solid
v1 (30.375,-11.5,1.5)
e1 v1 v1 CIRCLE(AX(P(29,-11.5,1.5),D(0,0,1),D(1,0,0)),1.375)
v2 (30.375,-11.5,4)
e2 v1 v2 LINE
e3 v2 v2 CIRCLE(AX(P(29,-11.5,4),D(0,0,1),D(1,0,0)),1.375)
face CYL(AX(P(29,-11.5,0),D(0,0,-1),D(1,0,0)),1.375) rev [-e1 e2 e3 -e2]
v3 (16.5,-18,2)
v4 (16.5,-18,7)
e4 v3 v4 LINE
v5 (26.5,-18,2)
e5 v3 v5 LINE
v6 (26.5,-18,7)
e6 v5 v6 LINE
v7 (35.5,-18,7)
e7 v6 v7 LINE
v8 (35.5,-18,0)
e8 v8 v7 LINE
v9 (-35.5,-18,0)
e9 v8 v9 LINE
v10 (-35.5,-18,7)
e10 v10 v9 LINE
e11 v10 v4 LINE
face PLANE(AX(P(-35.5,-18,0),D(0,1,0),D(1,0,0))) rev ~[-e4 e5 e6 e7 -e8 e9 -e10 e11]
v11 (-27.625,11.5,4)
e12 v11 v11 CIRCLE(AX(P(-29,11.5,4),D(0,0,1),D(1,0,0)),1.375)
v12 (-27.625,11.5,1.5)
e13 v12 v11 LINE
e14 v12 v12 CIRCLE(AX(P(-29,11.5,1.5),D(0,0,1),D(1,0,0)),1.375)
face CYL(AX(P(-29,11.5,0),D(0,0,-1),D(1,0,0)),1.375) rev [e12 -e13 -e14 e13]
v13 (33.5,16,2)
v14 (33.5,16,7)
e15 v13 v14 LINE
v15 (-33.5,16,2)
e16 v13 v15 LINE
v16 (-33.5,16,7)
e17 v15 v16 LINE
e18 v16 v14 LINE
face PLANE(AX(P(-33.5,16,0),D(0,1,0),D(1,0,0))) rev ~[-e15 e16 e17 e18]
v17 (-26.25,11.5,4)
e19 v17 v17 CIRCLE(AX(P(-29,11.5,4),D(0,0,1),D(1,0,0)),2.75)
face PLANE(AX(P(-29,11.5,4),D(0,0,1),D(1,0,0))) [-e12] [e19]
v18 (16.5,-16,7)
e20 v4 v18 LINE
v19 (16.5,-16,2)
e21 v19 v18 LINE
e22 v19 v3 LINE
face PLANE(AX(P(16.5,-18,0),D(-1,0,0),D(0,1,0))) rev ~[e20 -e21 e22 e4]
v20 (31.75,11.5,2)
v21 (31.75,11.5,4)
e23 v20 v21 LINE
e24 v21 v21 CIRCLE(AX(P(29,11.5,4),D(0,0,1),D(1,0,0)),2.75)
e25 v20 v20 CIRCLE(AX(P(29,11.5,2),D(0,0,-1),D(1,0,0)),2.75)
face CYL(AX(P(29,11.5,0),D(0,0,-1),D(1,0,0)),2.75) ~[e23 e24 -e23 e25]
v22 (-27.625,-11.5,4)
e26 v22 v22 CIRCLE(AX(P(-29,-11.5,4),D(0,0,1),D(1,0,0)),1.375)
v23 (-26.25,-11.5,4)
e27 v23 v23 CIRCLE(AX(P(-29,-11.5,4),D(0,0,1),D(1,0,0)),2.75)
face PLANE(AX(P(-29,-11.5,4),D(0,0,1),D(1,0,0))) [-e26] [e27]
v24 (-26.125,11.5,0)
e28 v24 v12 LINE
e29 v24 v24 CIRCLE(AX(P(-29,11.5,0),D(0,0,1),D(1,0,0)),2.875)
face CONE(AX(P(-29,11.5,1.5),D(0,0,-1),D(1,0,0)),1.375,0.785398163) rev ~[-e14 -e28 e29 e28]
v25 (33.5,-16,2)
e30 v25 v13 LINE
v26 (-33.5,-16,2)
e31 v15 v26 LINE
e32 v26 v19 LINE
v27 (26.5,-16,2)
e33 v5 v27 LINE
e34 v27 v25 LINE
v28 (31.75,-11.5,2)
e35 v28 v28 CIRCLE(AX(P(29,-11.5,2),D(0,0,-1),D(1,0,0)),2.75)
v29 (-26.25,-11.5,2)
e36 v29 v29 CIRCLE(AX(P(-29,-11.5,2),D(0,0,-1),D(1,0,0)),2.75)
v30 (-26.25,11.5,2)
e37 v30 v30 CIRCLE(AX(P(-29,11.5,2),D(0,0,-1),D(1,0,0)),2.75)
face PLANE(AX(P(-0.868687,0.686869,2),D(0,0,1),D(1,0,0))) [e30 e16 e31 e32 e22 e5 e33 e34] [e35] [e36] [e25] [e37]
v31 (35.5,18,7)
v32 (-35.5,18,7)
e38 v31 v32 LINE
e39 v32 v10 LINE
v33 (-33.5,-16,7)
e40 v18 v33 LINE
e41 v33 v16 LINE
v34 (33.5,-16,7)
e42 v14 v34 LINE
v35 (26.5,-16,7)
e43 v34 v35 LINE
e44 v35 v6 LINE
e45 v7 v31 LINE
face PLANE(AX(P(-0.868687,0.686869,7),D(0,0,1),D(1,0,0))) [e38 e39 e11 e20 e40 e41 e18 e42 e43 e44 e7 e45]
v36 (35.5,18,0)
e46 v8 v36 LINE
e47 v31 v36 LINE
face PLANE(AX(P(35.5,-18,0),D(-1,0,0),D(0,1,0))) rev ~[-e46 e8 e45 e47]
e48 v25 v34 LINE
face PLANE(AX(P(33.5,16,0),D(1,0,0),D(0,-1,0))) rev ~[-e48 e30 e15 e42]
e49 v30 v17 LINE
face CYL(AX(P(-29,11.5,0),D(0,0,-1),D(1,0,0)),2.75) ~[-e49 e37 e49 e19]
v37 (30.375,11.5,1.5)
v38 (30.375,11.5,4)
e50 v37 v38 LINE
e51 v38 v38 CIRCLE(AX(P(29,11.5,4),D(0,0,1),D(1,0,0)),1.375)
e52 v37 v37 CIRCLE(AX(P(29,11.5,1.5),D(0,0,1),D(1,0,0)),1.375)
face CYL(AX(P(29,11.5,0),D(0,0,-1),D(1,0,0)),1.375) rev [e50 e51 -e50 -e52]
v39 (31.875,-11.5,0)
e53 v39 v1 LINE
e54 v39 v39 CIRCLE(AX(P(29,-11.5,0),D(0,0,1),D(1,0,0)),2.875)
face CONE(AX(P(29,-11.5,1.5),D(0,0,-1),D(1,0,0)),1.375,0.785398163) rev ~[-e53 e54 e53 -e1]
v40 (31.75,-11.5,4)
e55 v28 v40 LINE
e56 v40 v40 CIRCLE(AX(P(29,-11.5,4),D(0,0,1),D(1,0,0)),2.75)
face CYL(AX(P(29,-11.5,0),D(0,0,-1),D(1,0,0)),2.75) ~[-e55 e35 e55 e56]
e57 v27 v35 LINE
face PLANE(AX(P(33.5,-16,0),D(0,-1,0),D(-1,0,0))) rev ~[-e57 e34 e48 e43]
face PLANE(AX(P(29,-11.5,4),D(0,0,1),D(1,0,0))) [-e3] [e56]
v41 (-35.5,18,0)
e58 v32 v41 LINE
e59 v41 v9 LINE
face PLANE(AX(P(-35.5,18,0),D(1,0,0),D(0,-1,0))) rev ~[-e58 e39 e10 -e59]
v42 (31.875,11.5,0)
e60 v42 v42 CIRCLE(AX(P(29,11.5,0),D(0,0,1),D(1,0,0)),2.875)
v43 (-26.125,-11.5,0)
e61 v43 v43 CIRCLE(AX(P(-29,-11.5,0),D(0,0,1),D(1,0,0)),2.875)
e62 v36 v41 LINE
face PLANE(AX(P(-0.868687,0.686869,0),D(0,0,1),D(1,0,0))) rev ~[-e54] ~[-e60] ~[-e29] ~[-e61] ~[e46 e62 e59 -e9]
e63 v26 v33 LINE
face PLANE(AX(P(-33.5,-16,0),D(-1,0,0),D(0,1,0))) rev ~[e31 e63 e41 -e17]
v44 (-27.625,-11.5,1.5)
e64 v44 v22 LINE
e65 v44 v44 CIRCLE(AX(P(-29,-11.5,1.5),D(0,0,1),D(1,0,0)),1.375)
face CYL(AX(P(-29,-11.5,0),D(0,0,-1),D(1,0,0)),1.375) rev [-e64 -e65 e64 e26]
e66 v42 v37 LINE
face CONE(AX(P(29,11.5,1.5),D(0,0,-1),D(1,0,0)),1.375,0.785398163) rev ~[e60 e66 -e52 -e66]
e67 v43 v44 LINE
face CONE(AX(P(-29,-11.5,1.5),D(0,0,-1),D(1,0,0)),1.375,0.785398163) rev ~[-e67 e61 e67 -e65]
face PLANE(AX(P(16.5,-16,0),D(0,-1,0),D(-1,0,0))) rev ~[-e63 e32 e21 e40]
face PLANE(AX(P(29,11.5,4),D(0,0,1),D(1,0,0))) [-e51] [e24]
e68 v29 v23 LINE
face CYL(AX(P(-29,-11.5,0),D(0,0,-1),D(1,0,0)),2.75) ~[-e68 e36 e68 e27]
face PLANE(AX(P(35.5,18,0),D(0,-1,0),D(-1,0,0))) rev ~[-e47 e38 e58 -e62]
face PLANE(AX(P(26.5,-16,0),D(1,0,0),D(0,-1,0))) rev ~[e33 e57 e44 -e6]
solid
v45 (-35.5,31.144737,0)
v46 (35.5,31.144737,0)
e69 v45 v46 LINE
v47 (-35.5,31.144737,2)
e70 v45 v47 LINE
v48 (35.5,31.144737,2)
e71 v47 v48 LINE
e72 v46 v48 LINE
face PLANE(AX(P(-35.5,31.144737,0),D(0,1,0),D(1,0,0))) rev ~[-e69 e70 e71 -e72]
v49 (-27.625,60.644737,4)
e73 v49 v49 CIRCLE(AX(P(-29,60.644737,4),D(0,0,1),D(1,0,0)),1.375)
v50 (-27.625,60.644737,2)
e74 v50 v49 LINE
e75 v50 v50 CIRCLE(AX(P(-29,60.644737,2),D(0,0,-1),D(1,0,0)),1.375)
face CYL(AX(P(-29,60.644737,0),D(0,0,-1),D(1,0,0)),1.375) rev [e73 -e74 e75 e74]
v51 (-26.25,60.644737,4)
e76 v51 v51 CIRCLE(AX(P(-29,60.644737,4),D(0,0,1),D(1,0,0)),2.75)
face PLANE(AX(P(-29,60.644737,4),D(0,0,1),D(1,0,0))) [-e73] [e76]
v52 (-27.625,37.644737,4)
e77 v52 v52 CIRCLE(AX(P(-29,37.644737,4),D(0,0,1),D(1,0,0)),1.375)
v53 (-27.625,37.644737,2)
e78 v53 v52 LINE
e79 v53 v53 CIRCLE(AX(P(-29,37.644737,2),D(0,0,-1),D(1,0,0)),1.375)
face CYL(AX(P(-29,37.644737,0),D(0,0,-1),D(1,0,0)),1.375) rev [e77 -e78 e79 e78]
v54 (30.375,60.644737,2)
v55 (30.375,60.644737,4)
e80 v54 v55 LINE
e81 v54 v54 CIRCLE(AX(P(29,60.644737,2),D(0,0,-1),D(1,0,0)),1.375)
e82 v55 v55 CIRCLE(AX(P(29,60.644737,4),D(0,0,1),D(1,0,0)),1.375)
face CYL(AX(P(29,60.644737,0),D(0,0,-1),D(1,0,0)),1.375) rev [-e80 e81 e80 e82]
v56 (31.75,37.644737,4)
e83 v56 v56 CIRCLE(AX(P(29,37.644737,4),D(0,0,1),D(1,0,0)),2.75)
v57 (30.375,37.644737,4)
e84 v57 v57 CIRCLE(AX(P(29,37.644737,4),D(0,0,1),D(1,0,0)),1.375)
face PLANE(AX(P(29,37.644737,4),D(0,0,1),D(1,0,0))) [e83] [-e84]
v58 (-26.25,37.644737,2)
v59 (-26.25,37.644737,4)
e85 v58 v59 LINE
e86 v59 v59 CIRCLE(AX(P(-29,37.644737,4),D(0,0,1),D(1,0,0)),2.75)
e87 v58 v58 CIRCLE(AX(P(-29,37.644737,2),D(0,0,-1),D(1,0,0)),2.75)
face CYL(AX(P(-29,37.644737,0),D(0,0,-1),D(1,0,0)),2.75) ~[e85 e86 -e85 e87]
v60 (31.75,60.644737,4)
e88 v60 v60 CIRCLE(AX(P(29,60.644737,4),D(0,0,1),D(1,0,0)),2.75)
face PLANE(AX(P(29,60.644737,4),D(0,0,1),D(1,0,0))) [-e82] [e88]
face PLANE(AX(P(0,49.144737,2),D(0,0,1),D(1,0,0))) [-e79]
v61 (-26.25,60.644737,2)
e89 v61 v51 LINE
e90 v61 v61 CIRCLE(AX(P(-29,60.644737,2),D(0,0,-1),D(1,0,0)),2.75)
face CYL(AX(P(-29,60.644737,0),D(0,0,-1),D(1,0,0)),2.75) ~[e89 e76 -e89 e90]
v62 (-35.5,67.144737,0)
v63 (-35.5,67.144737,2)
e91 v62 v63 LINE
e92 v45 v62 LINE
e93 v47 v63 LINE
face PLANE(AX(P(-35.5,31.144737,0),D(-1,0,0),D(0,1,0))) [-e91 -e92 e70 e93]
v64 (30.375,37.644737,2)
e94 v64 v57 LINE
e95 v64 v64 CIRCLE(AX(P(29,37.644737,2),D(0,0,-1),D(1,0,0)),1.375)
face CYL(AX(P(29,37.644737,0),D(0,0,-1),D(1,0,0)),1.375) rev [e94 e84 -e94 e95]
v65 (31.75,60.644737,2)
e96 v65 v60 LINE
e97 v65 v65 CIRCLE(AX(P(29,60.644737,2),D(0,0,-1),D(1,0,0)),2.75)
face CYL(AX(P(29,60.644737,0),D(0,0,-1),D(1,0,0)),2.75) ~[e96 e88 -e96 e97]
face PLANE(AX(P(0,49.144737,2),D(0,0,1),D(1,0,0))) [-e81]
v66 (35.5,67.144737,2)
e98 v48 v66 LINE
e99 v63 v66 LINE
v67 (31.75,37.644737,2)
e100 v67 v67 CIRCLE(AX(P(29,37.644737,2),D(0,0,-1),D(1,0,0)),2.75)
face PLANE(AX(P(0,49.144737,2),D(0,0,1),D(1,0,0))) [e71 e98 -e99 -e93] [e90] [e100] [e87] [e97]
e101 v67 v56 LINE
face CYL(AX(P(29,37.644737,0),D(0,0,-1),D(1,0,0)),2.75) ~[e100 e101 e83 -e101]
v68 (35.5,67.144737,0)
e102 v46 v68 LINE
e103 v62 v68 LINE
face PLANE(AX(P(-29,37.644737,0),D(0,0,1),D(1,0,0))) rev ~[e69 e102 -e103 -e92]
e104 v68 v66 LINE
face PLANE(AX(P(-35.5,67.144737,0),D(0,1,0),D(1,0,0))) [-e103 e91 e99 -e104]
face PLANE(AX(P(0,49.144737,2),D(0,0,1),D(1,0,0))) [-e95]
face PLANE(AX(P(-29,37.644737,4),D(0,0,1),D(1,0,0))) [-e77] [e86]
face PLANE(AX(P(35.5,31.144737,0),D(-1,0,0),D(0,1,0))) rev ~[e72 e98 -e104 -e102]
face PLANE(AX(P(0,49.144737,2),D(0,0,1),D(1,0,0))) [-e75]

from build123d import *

# Parameters (mm, degrees)
F0_R     = 2.75
F0_W     = 10
F0_H     = 1
F0_R_2   = 1.375
F0_H_2   = 2
F1_DEPTH = 2
F2_DEPTH = 4
F3_DEPTH = 7
F4_SIZE  = 1.5
F5_W     = 71
F5_H     = 36
F5_R     = 2.75
F5_R_2   = 1.375
F6_DEPTH = 2
F7_DEPTH = 4


with BuildPart() as f1:
    # F0 (on Top) → F1 (new body)
    with BuildSketch(Plane.XY):
        Polygon((33.5, -16), (26.5, -16), (26.5, -18), (35.5, -18), (35.5, 18), (-35.5, 18), (-35.5, -18), (16.5, -18), (16.5, -16), (-33.5, -16), (-33.5, 16), (33.5, 16), align=None)
        Polygon((26.5, -15), (32.5, -15), (32.5, 15), (-32.5, 15), (-32.5, -15), (16.5, -15), align=None)
        with Locations((-29, -11.5)):
            Circle(F0_R, mode=Mode.SUBTRACT)
        with Locations((29, -11.5)):
            Circle(F0_R, mode=Mode.SUBTRACT)
        with Locations((-29, 11.5)):
            Circle(F0_R, mode=Mode.SUBTRACT)
        with Locations((29, 11.5)):
            Circle(F0_R, mode=Mode.SUBTRACT)
        Polygon((32.5, 15), (32.5, -15), (26.5, -15), (26.5, -16), (33.5, -16), (33.5, 16), (-33.5, 16), (-33.5, -16), (16.5, -16), (16.5, -15), (-32.5, -15), (-32.5, 15), align=None)
        with Locations((21.5, -15.5)):
            Rectangle(F0_W, F0_H)
        with Locations((29, 11.5)):
            Circle(F0_R)
        with Locations((29, 11.5)):
            Circle(F0_R_2, mode=Mode.SUBTRACT)
        with Locations((29, -11.5)):
            Circle(F0_R)
        with Locations((29, -11.5)):
            Circle(F0_R_2, mode=Mode.SUBTRACT)
        with Locations((-29, 11.5)):
            Circle(F0_R)
        with Locations((-29, 11.5)):
            Circle(F0_R_2, mode=Mode.SUBTRACT)
        with Locations((-29, -11.5)):
            Circle(F0_R)
        with Locations((-29, -11.5)):
            Circle(F0_R_2, mode=Mode.SUBTRACT)
        with Locations((21.5, -17)):
            Rectangle(F0_W, F0_H_2)
    extrude(amount=F1_DEPTH)

    # F0 (on Top) → F2 (join)
    with BuildSketch(Plane.XY):
        with Locations((29, 11.5)):
            Circle(F0_R)
        with Locations((29, 11.5)):
            Circle(F0_R_2, mode=Mode.SUBTRACT)
        with Locations((29, -11.5)):
            Circle(F0_R)
        with Locations((29, -11.5)):
            Circle(F0_R_2, mode=Mode.SUBTRACT)
        with Locations((-29, 11.5)):
            Circle(F0_R)
        with Locations((-29, 11.5)):
            Circle(F0_R_2, mode=Mode.SUBTRACT)
        with Locations((-29, -11.5)):
            Circle(F0_R)
        with Locations((-29, -11.5)):
            Circle(F0_R_2, mode=Mode.SUBTRACT)
    extrude(amount=F2_DEPTH)

    # F0 (on Top) → F3 (join)
    with BuildSketch(Plane.XY):
        Polygon((33.5, -16), (26.5, -16), (26.5, -18), (35.5, -18), (35.5, 18), (-35.5, 18), (-35.5, -18), (16.5, -18), (16.5, -16), (-33.5, -16), (-33.5, 16), (33.5, 16), align=None)
    extrude(amount=F3_DEPTH)

    # F4
    f4_edges = [f1.edges().sort_by_distance(p)[0] for p in [
        (-30.375, -11.5, 0),
        (27.625, -11.5, 0),
        (27.625, 11.5, 0),
        (-30.375, 11.5, 0),
    ]]
    chamfer(f4_edges, length=F4_SIZE)


with BuildPart() as f6:
    # F5 (on Top) → F6 (new body)
    with BuildSketch(Plane.XY):
        with Locations((0, 49.1447374225)):
            Rectangle(F5_W, F5_H)
        with Locations((-29, 37.6447374225)):
            Circle(F5_R, mode=Mode.SUBTRACT)
        with Locations((29, 37.6447374225)):
            Circle(F5_R, mode=Mode.SUBTRACT)
        with Locations((-29, 60.6447374225)):
            Circle(F5_R, mode=Mode.SUBTRACT)
        with Locations((29, 60.6447374225)):
            Circle(F5_R, mode=Mode.SUBTRACT)
        with Locations((-29, 60.6447374225)):
            Circle(F5_R)
        with Locations((-29, 60.6447374225)):
            Circle(F5_R_2, mode=Mode.SUBTRACT)
        with Locations((-29, 37.6447374225)):
            Circle(F5_R)
        with Locations((-29, 37.6447374225)):
            Circle(F5_R_2, mode=Mode.SUBTRACT)
        with Locations((29, 60.6447374225)):
            Circle(F5_R)
        with Locations((29, 60.6447374225)):
            Circle(F5_R_2, mode=Mode.SUBTRACT)
        with Locations((29, 37.6447374225)):
            Circle(F5_R)
        with Locations((29, 37.6447374225)):
            Circle(F5_R_2, mode=Mode.SUBTRACT)
        with Locations((-29, 60.6447374225)):
            Circle(F5_R_2)
        with Locations((-29, 37.6447374225)):
            Circle(F5_R_2)
        with Locations((29, 60.6447374225)):
            Circle(F5_R_2)
        with Locations((29, 37.6447374225)):
            Circle(F5_R_2)
    extrude(amount=F6_DEPTH)

    # F5 (on Top) → F7 (join)
    with BuildSketch(Plane.XY):
        with Locations((-29, 37.6447374225)):
            Circle(F5_R)
        with Locations((-29, 37.6447374225)):
            Circle(F5_R_2, mode=Mode.SUBTRACT)
        with Locations((29, 37.6447374225)):
            Circle(F5_R)
        with Locations((29, 37.6447374225)):
            Circle(F5_R_2, mode=Mode.SUBTRACT)
        with Locations((29, 60.6447374225)):
            Circle(F5_R)
        with Locations((29, 60.6447374225)):
            Circle(F5_R_2, mode=Mode.SUBTRACT)
        with Locations((-29, 60.6447374225)):
            Circle(F5_R)
        with Locations((-29, 60.6447374225)):
            Circle(F5_R_2, mode=Mode.SUBTRACT)
    extrude(amount=F7_DEPTH)


solid = Compound([f1.part, f6.part])
